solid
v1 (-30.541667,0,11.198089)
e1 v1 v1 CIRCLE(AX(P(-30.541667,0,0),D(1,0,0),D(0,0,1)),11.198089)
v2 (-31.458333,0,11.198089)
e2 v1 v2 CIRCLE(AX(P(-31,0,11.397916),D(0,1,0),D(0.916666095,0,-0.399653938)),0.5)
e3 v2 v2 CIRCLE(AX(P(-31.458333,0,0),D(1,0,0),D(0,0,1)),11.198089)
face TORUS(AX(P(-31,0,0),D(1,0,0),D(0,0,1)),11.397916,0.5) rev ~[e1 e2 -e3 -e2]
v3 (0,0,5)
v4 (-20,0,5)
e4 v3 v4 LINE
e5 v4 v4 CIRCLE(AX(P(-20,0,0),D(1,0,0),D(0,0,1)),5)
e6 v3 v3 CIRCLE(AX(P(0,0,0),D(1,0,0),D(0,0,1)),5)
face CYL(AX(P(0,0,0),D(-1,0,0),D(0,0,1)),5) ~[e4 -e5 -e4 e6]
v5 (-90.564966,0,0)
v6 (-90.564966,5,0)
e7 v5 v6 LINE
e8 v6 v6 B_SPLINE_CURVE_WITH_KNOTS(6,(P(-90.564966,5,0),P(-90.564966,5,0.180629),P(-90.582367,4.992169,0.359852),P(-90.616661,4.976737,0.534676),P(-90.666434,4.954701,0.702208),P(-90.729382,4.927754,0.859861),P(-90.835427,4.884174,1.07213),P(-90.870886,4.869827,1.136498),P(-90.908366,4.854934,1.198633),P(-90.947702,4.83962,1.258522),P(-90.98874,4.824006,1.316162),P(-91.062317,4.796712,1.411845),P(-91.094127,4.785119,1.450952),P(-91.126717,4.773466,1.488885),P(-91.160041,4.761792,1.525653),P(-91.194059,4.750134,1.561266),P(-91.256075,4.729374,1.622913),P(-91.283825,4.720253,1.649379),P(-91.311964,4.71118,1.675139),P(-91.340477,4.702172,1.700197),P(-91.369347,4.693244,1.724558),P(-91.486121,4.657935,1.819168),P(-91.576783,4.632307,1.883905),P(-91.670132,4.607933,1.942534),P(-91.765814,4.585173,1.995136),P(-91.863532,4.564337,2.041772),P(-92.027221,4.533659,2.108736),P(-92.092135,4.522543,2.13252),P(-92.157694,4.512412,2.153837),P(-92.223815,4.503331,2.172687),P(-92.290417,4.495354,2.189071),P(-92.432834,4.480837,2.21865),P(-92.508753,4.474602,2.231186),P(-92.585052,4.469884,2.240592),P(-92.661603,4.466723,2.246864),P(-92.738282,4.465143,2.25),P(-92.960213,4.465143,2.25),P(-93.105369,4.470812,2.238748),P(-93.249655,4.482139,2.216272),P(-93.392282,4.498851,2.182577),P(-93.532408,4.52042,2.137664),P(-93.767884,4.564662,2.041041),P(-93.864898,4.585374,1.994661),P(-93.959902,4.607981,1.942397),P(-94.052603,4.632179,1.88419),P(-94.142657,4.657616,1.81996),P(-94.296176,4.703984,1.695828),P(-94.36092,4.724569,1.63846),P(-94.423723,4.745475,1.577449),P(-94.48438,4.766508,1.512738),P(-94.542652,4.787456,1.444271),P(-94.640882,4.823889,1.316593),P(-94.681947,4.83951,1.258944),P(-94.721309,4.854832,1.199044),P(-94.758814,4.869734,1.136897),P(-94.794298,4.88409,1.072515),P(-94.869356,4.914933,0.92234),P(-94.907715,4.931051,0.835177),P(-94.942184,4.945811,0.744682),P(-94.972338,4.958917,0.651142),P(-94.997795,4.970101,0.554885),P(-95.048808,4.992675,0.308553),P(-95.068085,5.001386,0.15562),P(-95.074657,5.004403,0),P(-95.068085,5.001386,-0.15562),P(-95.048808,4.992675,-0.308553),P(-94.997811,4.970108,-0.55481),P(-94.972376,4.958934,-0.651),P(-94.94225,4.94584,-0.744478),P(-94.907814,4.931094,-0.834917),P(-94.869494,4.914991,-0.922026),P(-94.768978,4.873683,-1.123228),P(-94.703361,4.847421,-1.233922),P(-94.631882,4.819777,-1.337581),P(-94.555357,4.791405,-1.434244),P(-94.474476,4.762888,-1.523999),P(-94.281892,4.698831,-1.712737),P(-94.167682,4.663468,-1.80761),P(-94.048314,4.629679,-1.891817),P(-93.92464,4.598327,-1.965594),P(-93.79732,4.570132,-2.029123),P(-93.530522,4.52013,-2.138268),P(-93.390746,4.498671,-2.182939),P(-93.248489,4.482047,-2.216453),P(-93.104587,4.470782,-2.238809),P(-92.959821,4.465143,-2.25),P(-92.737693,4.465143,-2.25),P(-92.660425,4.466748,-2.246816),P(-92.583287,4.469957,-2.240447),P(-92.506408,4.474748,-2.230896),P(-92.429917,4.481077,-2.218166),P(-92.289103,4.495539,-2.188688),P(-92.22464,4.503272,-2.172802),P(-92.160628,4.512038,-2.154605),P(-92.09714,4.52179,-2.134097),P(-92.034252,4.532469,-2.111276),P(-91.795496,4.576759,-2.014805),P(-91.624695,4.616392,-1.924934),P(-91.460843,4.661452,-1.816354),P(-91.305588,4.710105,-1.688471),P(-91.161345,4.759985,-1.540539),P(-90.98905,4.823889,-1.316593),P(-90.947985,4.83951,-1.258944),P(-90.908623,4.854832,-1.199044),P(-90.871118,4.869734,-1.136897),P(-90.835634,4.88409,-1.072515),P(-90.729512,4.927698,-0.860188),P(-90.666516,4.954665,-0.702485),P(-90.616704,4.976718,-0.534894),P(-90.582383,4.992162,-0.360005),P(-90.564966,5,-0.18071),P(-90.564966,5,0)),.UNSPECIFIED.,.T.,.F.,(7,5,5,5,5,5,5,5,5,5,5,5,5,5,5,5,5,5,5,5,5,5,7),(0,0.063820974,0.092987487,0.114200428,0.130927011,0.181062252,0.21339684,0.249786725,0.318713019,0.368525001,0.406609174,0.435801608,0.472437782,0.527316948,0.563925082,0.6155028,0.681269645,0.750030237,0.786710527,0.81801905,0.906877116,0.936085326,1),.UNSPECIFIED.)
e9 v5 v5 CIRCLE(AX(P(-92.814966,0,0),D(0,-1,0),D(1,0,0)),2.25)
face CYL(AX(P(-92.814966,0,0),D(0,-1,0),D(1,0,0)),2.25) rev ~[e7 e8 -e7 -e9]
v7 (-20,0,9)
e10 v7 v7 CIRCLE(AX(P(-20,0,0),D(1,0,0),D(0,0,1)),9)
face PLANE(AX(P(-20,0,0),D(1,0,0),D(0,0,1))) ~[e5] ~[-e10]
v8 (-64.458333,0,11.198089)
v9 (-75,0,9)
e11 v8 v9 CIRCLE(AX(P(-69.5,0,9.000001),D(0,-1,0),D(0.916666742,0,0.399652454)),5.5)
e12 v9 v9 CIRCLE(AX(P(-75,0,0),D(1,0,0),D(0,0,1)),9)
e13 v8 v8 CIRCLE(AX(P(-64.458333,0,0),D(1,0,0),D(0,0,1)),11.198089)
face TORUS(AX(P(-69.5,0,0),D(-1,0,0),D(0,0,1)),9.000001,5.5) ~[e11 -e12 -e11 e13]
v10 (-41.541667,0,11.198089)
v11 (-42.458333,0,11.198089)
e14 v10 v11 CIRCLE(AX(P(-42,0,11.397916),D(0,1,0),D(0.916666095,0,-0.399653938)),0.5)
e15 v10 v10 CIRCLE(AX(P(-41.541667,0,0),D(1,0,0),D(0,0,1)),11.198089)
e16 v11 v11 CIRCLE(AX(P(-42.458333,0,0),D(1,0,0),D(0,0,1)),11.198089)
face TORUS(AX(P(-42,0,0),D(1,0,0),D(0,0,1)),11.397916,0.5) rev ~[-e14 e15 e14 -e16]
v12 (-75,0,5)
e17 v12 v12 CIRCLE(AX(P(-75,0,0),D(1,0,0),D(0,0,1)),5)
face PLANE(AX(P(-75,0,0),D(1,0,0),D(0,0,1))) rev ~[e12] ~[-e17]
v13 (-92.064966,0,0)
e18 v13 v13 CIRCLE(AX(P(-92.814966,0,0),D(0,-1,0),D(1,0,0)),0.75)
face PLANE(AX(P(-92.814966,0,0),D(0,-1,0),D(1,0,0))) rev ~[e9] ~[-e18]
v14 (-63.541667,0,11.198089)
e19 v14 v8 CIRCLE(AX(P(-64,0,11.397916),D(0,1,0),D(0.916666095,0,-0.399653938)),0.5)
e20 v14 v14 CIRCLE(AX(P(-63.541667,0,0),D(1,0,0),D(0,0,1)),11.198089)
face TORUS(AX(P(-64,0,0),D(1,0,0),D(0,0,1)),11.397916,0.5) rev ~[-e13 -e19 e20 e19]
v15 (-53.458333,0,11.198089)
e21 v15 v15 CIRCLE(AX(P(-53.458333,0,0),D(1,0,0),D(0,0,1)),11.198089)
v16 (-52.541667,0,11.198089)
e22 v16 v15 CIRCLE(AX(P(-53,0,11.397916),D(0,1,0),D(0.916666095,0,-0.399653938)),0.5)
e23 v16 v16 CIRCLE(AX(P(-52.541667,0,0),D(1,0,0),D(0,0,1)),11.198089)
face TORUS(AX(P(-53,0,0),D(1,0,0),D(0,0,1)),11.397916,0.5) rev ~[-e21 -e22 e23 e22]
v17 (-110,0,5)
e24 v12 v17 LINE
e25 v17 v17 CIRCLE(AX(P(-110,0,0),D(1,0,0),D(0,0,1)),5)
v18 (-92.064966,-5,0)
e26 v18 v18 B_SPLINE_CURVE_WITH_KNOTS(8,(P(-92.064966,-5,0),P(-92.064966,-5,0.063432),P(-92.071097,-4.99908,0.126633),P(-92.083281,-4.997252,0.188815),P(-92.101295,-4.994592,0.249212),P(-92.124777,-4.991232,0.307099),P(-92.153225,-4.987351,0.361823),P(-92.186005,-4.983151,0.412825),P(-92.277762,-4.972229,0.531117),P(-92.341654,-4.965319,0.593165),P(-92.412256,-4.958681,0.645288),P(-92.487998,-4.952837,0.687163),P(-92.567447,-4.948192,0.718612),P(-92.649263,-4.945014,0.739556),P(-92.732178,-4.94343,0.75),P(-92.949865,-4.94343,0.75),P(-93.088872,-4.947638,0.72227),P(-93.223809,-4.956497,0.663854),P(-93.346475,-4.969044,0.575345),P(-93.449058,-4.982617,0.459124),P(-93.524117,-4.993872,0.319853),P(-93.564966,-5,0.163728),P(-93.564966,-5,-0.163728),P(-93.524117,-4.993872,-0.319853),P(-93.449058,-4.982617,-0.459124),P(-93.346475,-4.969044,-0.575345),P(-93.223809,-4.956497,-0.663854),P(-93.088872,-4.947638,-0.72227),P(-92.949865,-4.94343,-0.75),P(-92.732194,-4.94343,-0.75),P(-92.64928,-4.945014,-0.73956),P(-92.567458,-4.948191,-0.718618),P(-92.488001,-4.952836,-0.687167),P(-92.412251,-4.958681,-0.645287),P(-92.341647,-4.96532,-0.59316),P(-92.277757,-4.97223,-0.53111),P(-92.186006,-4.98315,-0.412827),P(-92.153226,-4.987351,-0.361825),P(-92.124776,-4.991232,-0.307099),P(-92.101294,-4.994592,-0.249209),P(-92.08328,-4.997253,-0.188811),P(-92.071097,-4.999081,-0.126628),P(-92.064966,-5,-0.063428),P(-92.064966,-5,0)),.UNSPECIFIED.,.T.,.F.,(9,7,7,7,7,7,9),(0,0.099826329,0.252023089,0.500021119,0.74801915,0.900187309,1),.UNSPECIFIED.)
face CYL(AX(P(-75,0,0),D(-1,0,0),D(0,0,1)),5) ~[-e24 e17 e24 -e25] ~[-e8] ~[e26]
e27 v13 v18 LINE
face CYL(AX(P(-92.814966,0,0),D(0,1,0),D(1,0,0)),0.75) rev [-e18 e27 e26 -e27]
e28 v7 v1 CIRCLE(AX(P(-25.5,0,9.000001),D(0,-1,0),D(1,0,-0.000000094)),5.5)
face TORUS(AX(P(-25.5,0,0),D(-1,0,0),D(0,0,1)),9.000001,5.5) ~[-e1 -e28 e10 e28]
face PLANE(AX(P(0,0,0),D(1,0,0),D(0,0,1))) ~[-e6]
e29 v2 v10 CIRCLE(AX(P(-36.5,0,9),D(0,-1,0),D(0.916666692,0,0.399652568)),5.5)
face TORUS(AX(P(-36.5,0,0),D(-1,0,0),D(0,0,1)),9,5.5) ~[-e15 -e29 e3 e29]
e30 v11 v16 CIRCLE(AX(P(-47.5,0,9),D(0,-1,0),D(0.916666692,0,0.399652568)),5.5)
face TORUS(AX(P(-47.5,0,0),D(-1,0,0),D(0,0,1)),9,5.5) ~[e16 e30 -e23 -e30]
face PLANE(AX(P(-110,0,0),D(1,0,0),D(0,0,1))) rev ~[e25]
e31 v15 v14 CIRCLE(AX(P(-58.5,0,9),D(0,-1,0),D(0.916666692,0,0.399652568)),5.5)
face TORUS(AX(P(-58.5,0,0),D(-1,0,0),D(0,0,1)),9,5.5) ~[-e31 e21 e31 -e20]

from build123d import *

# Parameters (mm, degrees)
F2_R          = 2.25
F2_R_2        = 0.75
F3_DEPTH      = 25
F4_DEPTH      = 25
F4_DEPTH_BACK = 25


with BuildPart() as f1:
    # F0 (on Front) → F1 (revolve)
    with BuildSketch(Plane.XZ):
        with BuildLine():
            Line((-110, 5), (-110, 0))
            Line((-110, 0), (0, 0))
            Line((0, 0), (0, 5))
            Line((0, 5), (-20, 5))
            Line((-20, 5), (-20, 9))
            ThreePointArc((-20, 9), (-24.377317, 14.384198), (-30.541667, 11.198089))
            ThreePointArc((-30.541667, 11.198089), (-31, 10.897916), (-31.458333, 11.198089))
            ThreePointArc((-31.458333, 11.198089), (-36.5, 14.5), (-41.541667, 11.198089))
            ThreePointArc((-41.541667, 11.198089), (-42, 10.897916), (-42.458333, 11.198089))
            ThreePointArc((-42.458333, 11.198089), (-47.5, 14.5), (-52.541667, 11.198089))
            ThreePointArc((-52.541667, 11.198089), (-53, 10.897916), (-53.458333, 11.198089))
            ThreePointArc((-53.458333, 11.198089), (-58.5, 14.5), (-63.541667, 11.198089))
            ThreePointArc((-63.541667, 11.198089), (-64, 10.897916), (-64.458333, 11.198089))
            ThreePointArc((-64.458333, 11.198089), (-70.622683, 14.384198), (-75, 9))
            Line((-75, 9), (-75, 5))
            Line((-75, 5), (-110, 5))
        make_face()
    revolve(axis=Axis((-3.055549, 0, 0), (1, 0, 0)))

    # F2 (on Front) → F3 (cut)
    with BuildSketch(Plane.XZ):
        with Locations((-92.814966, 0)):
            Circle(F2_R)
        with Locations((-92.814966, 0)):
            Circle(F2_R_2, mode=Mode.SUBTRACT)
    extrude(amount=-F3_DEPTH, mode=Mode.SUBTRACT)

    # F2 (on Front) → F4 (cut, two sides)
    with BuildSketch(Plane.XZ) as f4_sk:
        with Locations((-92.814966, 0)):
            Circle(F2_R_2)
    extrude(amount=F4_DEPTH, mode=Mode.SUBTRACT)
    extrude(f4_sk.sketch, amount=-F4_DEPTH_BACK, mode=Mode.SUBTRACT)


solid = f1.part
